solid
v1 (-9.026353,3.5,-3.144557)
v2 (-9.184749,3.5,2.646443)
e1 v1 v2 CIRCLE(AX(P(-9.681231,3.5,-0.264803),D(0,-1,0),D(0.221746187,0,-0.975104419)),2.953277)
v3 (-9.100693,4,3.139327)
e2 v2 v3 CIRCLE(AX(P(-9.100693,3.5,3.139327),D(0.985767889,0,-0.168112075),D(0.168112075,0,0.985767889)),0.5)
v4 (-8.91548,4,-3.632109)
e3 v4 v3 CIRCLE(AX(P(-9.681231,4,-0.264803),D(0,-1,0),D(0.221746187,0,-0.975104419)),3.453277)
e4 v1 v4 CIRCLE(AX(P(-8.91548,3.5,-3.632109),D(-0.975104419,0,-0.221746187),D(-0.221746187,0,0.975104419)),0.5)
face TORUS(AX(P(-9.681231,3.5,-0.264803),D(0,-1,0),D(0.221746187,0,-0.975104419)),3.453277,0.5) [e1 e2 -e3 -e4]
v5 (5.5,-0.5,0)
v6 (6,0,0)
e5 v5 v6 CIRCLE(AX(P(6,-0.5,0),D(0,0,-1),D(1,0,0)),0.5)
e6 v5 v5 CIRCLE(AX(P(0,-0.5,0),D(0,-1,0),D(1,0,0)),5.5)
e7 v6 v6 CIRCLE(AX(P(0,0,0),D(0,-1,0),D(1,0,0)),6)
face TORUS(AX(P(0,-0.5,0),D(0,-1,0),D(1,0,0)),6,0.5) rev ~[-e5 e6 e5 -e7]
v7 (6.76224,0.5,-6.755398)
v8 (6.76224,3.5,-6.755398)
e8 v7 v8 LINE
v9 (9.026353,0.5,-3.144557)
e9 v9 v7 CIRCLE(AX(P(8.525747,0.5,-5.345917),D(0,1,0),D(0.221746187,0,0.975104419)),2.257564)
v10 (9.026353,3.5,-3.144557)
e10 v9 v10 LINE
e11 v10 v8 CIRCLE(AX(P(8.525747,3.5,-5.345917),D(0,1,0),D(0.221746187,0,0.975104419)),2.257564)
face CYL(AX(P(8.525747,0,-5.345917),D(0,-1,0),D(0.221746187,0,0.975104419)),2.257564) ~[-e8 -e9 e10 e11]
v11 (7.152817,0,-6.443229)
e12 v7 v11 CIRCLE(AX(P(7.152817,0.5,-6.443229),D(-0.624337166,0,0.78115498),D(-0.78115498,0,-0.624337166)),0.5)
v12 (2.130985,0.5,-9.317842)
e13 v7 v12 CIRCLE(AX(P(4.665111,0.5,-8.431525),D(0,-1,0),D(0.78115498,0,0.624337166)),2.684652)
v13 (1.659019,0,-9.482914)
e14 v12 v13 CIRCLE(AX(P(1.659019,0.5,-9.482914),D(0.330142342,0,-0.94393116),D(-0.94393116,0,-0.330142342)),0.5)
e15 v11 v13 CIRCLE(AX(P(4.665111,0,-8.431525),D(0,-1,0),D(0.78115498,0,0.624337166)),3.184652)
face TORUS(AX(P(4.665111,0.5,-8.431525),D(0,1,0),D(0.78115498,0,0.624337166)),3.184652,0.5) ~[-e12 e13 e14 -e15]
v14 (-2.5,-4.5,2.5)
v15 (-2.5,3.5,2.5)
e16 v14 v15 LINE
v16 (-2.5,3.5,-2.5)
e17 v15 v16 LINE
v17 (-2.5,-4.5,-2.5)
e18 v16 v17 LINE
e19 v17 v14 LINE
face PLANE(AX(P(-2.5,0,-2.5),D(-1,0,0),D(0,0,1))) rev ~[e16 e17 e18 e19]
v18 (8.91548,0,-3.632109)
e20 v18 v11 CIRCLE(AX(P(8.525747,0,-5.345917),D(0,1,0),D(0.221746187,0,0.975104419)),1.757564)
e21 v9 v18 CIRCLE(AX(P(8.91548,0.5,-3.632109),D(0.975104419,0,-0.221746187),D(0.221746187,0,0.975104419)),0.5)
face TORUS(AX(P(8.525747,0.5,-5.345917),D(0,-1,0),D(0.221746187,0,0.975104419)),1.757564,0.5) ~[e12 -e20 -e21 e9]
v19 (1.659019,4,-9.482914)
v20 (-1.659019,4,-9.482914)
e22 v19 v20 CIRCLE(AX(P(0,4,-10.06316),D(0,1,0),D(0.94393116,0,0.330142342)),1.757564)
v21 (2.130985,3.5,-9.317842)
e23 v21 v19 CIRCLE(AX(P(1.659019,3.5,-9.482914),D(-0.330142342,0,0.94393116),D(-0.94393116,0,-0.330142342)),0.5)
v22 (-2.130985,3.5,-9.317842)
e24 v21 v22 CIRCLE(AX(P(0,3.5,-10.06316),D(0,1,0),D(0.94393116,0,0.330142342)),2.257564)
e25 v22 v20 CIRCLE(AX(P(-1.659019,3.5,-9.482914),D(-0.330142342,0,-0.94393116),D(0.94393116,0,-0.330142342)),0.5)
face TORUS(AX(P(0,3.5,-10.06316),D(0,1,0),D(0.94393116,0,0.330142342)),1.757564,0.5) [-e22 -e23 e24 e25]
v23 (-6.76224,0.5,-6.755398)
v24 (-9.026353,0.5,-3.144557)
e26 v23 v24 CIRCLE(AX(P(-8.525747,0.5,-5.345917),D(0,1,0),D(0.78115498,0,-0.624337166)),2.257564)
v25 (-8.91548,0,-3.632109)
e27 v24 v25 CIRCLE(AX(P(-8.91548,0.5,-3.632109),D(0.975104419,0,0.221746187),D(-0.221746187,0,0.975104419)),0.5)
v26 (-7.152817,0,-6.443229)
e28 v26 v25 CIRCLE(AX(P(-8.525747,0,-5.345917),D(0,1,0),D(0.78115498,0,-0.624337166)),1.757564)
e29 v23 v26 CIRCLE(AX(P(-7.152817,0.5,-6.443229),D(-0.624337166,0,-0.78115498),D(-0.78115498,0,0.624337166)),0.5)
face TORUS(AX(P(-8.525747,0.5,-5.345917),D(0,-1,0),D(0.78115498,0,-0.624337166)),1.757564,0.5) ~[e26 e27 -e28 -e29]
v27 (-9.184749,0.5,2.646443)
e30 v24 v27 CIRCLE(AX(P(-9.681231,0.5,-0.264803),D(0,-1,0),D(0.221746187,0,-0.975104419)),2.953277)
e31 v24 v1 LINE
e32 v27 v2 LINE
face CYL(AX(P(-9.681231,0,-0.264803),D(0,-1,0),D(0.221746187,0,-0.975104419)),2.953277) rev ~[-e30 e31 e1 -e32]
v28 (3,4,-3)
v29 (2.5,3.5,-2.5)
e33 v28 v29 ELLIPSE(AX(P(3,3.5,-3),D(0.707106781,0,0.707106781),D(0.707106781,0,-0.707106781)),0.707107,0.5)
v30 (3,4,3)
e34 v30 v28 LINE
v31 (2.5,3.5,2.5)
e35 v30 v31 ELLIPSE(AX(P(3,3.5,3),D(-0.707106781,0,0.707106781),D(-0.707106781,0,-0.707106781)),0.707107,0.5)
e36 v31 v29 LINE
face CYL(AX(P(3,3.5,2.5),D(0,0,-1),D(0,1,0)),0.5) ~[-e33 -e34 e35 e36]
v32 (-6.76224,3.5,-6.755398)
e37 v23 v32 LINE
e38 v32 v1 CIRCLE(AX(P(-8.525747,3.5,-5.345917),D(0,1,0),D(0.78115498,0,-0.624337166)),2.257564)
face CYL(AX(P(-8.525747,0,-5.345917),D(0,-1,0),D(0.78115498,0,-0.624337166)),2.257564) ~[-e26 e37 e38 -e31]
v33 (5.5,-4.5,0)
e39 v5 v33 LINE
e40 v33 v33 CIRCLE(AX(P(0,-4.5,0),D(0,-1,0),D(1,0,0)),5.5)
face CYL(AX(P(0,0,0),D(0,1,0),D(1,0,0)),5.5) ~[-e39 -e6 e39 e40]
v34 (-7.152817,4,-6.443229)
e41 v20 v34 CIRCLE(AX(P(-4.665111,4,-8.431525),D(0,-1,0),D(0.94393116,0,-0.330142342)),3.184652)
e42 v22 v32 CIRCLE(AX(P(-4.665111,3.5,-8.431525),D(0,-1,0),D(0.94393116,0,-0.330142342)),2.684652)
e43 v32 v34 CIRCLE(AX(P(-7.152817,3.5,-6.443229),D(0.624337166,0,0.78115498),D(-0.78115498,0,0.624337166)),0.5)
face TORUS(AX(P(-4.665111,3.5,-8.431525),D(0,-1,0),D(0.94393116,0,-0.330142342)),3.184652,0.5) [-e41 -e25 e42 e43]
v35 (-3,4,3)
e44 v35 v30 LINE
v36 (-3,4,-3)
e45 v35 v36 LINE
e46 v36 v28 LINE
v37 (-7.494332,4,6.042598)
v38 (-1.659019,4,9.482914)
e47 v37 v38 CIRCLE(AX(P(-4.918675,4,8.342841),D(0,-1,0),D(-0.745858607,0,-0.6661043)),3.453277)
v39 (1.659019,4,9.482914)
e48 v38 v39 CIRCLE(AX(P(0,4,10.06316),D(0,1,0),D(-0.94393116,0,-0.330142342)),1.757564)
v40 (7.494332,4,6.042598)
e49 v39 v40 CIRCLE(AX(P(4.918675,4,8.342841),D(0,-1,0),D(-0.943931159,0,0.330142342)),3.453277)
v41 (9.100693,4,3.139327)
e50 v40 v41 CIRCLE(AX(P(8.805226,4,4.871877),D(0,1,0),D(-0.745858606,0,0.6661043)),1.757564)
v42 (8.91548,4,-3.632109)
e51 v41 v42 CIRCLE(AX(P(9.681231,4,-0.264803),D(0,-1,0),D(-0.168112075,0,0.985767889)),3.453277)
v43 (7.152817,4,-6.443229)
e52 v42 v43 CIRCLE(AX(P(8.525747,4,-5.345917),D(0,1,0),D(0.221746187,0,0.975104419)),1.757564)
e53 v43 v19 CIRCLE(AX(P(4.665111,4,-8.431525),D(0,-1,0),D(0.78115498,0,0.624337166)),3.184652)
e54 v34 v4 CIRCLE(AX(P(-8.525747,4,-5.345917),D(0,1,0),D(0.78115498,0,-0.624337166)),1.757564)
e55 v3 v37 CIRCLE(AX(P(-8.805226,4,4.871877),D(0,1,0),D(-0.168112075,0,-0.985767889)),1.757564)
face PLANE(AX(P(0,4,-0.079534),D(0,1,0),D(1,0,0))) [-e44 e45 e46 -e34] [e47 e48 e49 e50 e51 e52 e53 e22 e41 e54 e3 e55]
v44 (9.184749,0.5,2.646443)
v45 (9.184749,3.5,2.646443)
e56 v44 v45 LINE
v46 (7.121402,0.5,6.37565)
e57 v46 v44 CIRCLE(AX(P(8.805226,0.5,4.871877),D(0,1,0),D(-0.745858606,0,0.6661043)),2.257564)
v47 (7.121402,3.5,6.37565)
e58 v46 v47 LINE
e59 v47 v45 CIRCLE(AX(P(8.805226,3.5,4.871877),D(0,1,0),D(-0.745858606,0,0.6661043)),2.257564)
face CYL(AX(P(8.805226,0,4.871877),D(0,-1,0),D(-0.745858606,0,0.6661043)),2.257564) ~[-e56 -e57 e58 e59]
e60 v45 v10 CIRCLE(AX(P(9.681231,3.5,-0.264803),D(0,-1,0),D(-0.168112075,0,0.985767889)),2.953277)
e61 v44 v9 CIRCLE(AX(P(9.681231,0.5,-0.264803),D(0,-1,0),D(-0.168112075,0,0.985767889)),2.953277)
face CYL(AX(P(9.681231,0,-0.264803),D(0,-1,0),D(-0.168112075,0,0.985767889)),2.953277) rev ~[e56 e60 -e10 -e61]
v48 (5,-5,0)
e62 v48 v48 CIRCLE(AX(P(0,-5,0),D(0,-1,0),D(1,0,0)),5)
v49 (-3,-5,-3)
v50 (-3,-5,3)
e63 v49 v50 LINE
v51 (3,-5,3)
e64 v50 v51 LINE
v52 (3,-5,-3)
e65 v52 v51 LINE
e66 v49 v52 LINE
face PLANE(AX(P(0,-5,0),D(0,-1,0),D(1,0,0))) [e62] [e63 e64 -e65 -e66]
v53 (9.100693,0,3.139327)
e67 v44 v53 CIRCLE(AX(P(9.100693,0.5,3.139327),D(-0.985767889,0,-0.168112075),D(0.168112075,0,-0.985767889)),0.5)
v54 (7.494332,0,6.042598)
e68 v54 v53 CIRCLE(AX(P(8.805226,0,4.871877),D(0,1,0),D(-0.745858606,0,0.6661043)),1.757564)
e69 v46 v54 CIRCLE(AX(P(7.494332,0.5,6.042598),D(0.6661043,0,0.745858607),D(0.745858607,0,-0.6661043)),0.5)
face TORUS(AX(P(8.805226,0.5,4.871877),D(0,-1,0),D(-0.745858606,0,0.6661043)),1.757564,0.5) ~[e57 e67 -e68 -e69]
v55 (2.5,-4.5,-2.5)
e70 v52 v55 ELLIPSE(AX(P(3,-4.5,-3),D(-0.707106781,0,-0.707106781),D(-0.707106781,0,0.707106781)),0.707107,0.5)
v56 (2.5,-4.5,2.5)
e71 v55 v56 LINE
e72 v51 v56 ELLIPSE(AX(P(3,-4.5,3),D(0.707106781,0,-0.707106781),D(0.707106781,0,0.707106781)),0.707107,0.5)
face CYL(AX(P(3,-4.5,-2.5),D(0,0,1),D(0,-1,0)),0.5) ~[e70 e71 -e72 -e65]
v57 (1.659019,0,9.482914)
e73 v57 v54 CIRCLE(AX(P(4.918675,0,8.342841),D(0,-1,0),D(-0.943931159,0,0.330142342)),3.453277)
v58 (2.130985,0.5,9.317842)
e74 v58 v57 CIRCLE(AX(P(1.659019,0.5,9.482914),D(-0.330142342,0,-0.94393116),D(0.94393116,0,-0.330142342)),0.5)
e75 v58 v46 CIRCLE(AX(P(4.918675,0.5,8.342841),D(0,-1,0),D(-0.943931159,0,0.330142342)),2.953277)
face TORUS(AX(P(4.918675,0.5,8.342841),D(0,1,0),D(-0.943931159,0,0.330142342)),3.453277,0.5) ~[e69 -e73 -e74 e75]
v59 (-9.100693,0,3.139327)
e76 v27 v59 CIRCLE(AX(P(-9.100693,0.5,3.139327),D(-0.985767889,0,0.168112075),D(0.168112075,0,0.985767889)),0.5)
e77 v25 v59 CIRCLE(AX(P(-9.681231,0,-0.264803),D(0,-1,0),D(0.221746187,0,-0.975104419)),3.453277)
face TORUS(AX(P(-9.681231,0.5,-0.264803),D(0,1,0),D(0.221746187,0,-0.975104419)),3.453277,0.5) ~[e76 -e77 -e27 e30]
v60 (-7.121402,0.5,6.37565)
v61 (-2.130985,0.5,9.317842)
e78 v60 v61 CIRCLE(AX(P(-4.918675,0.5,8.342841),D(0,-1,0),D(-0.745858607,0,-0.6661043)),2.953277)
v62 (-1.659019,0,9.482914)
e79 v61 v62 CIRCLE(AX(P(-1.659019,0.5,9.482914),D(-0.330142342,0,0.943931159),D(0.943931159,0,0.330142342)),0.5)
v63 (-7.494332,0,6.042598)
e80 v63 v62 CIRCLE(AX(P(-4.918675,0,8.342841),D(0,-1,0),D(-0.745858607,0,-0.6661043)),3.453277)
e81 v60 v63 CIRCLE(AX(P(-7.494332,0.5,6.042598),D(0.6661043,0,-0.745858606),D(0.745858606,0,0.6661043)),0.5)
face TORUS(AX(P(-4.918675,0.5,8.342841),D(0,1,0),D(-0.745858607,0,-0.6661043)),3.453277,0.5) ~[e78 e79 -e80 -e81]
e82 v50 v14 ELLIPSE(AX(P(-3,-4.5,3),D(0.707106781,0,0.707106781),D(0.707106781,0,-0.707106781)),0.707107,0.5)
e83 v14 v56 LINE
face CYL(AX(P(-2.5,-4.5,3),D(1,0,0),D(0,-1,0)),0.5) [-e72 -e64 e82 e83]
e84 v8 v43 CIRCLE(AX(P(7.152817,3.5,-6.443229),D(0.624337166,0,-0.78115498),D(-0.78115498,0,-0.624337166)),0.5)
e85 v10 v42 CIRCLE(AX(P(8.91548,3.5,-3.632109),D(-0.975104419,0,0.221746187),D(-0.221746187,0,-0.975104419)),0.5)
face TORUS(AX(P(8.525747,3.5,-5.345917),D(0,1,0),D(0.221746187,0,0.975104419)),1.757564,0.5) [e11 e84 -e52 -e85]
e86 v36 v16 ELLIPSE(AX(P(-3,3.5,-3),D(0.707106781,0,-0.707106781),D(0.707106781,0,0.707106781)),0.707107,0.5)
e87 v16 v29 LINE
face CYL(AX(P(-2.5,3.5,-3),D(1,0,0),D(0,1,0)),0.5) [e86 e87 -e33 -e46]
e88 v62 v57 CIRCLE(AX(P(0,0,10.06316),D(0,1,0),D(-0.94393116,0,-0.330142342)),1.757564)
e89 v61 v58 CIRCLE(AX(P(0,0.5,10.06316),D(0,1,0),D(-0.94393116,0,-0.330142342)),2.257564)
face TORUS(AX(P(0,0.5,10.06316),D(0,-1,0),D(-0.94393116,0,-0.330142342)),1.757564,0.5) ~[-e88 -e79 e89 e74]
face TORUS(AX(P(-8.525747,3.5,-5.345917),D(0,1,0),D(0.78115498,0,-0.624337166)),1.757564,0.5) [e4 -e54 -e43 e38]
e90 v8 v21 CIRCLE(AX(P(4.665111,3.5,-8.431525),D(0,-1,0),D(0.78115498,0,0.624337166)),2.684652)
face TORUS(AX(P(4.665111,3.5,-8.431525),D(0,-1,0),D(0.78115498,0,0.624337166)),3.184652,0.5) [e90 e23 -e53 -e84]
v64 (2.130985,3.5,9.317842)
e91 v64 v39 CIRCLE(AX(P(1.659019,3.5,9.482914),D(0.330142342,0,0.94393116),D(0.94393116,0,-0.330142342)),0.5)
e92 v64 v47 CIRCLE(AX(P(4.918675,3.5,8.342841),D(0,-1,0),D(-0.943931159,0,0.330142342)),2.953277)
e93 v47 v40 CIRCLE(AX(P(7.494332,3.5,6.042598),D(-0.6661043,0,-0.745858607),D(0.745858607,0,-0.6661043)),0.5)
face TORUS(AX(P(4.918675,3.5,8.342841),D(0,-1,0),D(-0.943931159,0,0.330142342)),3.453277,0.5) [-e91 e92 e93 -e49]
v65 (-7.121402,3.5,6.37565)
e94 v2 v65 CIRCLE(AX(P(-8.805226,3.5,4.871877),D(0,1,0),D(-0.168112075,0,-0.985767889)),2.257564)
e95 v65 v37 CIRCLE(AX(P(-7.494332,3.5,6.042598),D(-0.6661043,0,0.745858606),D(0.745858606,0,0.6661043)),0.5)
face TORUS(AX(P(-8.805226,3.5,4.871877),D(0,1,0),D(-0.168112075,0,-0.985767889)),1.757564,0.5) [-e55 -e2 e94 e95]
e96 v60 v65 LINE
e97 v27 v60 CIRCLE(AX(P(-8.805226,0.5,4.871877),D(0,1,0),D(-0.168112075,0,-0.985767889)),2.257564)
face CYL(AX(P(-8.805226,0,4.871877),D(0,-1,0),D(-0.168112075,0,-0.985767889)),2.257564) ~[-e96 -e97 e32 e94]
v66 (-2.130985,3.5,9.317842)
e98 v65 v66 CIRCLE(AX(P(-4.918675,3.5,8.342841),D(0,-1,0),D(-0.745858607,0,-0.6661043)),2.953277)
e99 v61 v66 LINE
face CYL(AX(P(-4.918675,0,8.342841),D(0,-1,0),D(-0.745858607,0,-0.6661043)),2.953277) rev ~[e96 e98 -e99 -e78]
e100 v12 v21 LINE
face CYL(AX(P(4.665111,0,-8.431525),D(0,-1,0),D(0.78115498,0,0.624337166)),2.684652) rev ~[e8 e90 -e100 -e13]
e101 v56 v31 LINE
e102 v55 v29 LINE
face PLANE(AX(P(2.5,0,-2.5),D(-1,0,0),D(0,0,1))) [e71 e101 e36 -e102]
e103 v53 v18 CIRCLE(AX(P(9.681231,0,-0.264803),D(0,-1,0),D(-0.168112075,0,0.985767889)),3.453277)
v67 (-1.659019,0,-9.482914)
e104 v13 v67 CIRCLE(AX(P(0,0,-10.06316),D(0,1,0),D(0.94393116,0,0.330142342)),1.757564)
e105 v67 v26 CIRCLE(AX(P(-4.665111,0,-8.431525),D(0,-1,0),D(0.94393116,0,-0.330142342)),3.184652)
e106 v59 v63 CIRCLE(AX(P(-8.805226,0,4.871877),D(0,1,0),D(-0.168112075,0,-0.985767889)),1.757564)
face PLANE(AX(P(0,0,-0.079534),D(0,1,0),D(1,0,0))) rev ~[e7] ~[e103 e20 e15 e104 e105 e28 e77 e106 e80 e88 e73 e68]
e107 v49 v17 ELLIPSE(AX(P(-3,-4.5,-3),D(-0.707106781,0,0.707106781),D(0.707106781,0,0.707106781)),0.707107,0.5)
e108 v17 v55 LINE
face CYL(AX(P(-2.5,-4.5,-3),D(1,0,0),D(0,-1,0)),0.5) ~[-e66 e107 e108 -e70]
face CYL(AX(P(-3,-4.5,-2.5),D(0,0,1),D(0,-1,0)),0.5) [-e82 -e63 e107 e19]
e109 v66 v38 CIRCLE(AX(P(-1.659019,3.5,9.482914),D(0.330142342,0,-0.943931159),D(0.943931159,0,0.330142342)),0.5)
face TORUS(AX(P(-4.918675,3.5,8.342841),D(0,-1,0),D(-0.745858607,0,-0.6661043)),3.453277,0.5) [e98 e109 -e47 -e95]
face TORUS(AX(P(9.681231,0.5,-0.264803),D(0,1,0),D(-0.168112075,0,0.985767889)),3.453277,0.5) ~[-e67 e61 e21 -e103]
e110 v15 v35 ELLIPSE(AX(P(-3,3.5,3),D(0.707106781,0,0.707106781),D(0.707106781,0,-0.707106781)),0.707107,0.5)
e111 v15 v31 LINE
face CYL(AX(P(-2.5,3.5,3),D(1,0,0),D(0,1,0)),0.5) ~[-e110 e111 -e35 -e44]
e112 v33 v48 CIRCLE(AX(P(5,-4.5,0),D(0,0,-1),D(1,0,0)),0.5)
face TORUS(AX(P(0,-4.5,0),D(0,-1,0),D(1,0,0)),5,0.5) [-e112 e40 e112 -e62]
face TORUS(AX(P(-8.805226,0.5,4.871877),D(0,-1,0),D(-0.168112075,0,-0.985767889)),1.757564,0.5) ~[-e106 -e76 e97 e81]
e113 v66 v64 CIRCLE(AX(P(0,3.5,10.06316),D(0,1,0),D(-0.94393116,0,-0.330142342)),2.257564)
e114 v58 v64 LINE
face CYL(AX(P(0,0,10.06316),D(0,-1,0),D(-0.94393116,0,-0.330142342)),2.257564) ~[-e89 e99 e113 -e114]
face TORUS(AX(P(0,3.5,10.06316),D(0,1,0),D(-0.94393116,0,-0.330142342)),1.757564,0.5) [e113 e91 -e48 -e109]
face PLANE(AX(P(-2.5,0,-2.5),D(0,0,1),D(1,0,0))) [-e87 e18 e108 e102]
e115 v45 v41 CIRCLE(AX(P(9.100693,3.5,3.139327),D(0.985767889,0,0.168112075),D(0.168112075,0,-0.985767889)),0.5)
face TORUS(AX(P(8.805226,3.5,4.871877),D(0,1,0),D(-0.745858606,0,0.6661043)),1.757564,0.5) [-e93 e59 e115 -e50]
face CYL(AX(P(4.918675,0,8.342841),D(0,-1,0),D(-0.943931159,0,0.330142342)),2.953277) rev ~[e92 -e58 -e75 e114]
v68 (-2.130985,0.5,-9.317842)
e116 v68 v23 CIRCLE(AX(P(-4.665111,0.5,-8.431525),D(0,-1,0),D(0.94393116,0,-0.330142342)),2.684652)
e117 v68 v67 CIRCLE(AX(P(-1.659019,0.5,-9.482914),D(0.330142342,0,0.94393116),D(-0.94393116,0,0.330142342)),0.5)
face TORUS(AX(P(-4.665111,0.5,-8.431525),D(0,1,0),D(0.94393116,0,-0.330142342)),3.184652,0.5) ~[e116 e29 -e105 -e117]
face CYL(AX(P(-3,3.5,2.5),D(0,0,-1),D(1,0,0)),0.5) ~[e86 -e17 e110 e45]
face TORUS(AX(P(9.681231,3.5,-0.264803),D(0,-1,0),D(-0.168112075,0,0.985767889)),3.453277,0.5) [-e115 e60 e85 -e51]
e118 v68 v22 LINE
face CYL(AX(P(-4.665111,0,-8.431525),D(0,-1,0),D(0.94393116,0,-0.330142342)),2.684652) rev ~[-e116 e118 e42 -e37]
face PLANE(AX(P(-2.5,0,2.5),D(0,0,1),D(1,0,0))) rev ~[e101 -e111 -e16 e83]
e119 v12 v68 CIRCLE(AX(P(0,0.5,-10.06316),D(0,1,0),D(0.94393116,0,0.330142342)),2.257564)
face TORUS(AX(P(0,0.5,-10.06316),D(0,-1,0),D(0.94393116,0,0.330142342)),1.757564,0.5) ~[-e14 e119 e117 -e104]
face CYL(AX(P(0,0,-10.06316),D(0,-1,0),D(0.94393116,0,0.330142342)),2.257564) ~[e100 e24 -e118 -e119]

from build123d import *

# Parameters (mm, degrees)
ESQUISSE1_W        = 5
ESQUISSE1_H        = 5
BOSS_EXTRU_1_DEPTH = 4
ESQUISSE2_R        = 5.5
ESQUISSE2_W        = 5
ESQUISSE2_H        = 5
BOSS_EXTRU_2_DEPTH = 5
CONG_3_R           = 0.5
CONG_1_R           = 0.5


with BuildPart() as part:
    # Esquisse1 → Boss.-Extru.1 (new body)
    with BuildSketch(Plane(origin=(0, 0, 0), x_dir=(1, 0, 0), z_dir=(0, 1, 0))):
        with BuildLine():
            ThreePointArc((2.130984579, 9.317842466), (0, 12.320723333), (-2.130984579, 9.317842466))
            ThreePointArc((-2.130984579, 9.317842466), (-3.365390646, 6.082465583), (-6.76223985, 6.755397524))
            ThreePointArc((-6.76223985, 6.755397524), (-10.438408067, 6.54521661), (-9.026352968, 3.144556502))
            ThreePointArc((-9.026352968, 3.144556502), (-6.729057695, 0.184054327), (-9.184749378, -2.646443343))
            ThreePointArc((-9.184749378, -2.646443343), (-10.780585013, -5.964831114), (-7.121402482, -6.375649785))
            ThreePointArc((-7.121402482, -6.375649785), (-3.418785155, -5.798793109), (-2.130984579, -9.317842466))
            ThreePointArc((-2.130984579, -9.317842466), (0, -12.320723333), (2.130984579, -9.317842466))
            ThreePointArc((2.130984579, -9.317842466), (3.418785155, -5.798793109), (7.121402482, -6.375649785))
            ThreePointArc((7.121402482, -6.375649785), (10.780585013, -5.964831114), (9.184749378, -2.646443343))
            ThreePointArc((9.184749378, -2.646443343), (6.729057695, 0.184054327), (9.026352968, 3.144556502))
            ThreePointArc((9.026352968, 3.144556502), (10.438408067, 6.54521661), (6.76223985, 6.755397524))
            ThreePointArc((6.76223985, 6.755397524), (3.365390646, 6.082465583), (2.130984579, 9.317842466))
        make_face()
        Rectangle(ESQUISSE1_W, ESQUISSE1_H, mode=Mode.SUBTRACT)
    extrude(amount=BOSS_EXTRU_1_DEPTH)

    # Esquisse2 → Boss.-Extru.2 (add)
    with BuildSketch(Plane.XZ):
        Circle(ESQUISSE2_R)
        Rectangle(ESQUISSE2_W, ESQUISSE2_H, mode=Mode.SUBTRACT)
    extrude(amount=BOSS_EXTRU_2_DEPTH)

    # Congé3
    cong_3_edges = [part.edges().sort_by_distance(p)[0] for p in [
        (10.438408067, 0, -6.54521661),
        (6.729057695, 0, -0.184054327),
        (10.780585013, 0, 5.964831114),
        (3.418785155, 0, 5.798793109),
        (0, 0, 12.320723333),
        (-3.418785155, 0, 5.798793109),
        (-10.780585013, 0, 5.964831114),
        (-6.729057695, 0, -0.184054327),
        (-10.438408067, 0, -6.54521661),
        (-3.365390646, 0, -6.082465583),
        (0, 0, -12.320723333),
        (3.365390646, 0, -6.082465583),
        (2.5, 4, 0),
        (0, 4, -2.5),
        (-2.5, 4, 0),
        (0, 4, 2.5),
        (-5.5, 0, 0),
        (2.5, -5, 0),
        (0, -5, 2.5),
        (-2.5, -5, 0),
        (0, -5, -2.5),
    ]]
    fillet(cong_3_edges, radius=CONG_3_R)

    # Congé1
    cong_1_edges = [part.edges().sort_by_distance(p)[0] for p in [
        (-3.365390646, 4, -6.082465583),
        (-10.438408067, 4, -6.54521661),
        (-6.729057695, 4, -0.184054327),
        (-10.780585013, 4, 5.964831114),
        (-3.418785155, 4, 5.798793109),
        (0, 4, 12.320723333),
        (3.418785155, 4, 5.798793109),
        (10.780585013, 4, 5.964831114),
        (6.729057695, 4, -0.184054327),
        (10.438408067, 4, -6.54521661),
        (3.365390646, 4, -6.082465583),
        (-5.5, -5, 0),
        (0, 4, -12.320723333),
    ]]
    fillet(cong_1_edges, radius=CONG_1_R)


solid = part.part
